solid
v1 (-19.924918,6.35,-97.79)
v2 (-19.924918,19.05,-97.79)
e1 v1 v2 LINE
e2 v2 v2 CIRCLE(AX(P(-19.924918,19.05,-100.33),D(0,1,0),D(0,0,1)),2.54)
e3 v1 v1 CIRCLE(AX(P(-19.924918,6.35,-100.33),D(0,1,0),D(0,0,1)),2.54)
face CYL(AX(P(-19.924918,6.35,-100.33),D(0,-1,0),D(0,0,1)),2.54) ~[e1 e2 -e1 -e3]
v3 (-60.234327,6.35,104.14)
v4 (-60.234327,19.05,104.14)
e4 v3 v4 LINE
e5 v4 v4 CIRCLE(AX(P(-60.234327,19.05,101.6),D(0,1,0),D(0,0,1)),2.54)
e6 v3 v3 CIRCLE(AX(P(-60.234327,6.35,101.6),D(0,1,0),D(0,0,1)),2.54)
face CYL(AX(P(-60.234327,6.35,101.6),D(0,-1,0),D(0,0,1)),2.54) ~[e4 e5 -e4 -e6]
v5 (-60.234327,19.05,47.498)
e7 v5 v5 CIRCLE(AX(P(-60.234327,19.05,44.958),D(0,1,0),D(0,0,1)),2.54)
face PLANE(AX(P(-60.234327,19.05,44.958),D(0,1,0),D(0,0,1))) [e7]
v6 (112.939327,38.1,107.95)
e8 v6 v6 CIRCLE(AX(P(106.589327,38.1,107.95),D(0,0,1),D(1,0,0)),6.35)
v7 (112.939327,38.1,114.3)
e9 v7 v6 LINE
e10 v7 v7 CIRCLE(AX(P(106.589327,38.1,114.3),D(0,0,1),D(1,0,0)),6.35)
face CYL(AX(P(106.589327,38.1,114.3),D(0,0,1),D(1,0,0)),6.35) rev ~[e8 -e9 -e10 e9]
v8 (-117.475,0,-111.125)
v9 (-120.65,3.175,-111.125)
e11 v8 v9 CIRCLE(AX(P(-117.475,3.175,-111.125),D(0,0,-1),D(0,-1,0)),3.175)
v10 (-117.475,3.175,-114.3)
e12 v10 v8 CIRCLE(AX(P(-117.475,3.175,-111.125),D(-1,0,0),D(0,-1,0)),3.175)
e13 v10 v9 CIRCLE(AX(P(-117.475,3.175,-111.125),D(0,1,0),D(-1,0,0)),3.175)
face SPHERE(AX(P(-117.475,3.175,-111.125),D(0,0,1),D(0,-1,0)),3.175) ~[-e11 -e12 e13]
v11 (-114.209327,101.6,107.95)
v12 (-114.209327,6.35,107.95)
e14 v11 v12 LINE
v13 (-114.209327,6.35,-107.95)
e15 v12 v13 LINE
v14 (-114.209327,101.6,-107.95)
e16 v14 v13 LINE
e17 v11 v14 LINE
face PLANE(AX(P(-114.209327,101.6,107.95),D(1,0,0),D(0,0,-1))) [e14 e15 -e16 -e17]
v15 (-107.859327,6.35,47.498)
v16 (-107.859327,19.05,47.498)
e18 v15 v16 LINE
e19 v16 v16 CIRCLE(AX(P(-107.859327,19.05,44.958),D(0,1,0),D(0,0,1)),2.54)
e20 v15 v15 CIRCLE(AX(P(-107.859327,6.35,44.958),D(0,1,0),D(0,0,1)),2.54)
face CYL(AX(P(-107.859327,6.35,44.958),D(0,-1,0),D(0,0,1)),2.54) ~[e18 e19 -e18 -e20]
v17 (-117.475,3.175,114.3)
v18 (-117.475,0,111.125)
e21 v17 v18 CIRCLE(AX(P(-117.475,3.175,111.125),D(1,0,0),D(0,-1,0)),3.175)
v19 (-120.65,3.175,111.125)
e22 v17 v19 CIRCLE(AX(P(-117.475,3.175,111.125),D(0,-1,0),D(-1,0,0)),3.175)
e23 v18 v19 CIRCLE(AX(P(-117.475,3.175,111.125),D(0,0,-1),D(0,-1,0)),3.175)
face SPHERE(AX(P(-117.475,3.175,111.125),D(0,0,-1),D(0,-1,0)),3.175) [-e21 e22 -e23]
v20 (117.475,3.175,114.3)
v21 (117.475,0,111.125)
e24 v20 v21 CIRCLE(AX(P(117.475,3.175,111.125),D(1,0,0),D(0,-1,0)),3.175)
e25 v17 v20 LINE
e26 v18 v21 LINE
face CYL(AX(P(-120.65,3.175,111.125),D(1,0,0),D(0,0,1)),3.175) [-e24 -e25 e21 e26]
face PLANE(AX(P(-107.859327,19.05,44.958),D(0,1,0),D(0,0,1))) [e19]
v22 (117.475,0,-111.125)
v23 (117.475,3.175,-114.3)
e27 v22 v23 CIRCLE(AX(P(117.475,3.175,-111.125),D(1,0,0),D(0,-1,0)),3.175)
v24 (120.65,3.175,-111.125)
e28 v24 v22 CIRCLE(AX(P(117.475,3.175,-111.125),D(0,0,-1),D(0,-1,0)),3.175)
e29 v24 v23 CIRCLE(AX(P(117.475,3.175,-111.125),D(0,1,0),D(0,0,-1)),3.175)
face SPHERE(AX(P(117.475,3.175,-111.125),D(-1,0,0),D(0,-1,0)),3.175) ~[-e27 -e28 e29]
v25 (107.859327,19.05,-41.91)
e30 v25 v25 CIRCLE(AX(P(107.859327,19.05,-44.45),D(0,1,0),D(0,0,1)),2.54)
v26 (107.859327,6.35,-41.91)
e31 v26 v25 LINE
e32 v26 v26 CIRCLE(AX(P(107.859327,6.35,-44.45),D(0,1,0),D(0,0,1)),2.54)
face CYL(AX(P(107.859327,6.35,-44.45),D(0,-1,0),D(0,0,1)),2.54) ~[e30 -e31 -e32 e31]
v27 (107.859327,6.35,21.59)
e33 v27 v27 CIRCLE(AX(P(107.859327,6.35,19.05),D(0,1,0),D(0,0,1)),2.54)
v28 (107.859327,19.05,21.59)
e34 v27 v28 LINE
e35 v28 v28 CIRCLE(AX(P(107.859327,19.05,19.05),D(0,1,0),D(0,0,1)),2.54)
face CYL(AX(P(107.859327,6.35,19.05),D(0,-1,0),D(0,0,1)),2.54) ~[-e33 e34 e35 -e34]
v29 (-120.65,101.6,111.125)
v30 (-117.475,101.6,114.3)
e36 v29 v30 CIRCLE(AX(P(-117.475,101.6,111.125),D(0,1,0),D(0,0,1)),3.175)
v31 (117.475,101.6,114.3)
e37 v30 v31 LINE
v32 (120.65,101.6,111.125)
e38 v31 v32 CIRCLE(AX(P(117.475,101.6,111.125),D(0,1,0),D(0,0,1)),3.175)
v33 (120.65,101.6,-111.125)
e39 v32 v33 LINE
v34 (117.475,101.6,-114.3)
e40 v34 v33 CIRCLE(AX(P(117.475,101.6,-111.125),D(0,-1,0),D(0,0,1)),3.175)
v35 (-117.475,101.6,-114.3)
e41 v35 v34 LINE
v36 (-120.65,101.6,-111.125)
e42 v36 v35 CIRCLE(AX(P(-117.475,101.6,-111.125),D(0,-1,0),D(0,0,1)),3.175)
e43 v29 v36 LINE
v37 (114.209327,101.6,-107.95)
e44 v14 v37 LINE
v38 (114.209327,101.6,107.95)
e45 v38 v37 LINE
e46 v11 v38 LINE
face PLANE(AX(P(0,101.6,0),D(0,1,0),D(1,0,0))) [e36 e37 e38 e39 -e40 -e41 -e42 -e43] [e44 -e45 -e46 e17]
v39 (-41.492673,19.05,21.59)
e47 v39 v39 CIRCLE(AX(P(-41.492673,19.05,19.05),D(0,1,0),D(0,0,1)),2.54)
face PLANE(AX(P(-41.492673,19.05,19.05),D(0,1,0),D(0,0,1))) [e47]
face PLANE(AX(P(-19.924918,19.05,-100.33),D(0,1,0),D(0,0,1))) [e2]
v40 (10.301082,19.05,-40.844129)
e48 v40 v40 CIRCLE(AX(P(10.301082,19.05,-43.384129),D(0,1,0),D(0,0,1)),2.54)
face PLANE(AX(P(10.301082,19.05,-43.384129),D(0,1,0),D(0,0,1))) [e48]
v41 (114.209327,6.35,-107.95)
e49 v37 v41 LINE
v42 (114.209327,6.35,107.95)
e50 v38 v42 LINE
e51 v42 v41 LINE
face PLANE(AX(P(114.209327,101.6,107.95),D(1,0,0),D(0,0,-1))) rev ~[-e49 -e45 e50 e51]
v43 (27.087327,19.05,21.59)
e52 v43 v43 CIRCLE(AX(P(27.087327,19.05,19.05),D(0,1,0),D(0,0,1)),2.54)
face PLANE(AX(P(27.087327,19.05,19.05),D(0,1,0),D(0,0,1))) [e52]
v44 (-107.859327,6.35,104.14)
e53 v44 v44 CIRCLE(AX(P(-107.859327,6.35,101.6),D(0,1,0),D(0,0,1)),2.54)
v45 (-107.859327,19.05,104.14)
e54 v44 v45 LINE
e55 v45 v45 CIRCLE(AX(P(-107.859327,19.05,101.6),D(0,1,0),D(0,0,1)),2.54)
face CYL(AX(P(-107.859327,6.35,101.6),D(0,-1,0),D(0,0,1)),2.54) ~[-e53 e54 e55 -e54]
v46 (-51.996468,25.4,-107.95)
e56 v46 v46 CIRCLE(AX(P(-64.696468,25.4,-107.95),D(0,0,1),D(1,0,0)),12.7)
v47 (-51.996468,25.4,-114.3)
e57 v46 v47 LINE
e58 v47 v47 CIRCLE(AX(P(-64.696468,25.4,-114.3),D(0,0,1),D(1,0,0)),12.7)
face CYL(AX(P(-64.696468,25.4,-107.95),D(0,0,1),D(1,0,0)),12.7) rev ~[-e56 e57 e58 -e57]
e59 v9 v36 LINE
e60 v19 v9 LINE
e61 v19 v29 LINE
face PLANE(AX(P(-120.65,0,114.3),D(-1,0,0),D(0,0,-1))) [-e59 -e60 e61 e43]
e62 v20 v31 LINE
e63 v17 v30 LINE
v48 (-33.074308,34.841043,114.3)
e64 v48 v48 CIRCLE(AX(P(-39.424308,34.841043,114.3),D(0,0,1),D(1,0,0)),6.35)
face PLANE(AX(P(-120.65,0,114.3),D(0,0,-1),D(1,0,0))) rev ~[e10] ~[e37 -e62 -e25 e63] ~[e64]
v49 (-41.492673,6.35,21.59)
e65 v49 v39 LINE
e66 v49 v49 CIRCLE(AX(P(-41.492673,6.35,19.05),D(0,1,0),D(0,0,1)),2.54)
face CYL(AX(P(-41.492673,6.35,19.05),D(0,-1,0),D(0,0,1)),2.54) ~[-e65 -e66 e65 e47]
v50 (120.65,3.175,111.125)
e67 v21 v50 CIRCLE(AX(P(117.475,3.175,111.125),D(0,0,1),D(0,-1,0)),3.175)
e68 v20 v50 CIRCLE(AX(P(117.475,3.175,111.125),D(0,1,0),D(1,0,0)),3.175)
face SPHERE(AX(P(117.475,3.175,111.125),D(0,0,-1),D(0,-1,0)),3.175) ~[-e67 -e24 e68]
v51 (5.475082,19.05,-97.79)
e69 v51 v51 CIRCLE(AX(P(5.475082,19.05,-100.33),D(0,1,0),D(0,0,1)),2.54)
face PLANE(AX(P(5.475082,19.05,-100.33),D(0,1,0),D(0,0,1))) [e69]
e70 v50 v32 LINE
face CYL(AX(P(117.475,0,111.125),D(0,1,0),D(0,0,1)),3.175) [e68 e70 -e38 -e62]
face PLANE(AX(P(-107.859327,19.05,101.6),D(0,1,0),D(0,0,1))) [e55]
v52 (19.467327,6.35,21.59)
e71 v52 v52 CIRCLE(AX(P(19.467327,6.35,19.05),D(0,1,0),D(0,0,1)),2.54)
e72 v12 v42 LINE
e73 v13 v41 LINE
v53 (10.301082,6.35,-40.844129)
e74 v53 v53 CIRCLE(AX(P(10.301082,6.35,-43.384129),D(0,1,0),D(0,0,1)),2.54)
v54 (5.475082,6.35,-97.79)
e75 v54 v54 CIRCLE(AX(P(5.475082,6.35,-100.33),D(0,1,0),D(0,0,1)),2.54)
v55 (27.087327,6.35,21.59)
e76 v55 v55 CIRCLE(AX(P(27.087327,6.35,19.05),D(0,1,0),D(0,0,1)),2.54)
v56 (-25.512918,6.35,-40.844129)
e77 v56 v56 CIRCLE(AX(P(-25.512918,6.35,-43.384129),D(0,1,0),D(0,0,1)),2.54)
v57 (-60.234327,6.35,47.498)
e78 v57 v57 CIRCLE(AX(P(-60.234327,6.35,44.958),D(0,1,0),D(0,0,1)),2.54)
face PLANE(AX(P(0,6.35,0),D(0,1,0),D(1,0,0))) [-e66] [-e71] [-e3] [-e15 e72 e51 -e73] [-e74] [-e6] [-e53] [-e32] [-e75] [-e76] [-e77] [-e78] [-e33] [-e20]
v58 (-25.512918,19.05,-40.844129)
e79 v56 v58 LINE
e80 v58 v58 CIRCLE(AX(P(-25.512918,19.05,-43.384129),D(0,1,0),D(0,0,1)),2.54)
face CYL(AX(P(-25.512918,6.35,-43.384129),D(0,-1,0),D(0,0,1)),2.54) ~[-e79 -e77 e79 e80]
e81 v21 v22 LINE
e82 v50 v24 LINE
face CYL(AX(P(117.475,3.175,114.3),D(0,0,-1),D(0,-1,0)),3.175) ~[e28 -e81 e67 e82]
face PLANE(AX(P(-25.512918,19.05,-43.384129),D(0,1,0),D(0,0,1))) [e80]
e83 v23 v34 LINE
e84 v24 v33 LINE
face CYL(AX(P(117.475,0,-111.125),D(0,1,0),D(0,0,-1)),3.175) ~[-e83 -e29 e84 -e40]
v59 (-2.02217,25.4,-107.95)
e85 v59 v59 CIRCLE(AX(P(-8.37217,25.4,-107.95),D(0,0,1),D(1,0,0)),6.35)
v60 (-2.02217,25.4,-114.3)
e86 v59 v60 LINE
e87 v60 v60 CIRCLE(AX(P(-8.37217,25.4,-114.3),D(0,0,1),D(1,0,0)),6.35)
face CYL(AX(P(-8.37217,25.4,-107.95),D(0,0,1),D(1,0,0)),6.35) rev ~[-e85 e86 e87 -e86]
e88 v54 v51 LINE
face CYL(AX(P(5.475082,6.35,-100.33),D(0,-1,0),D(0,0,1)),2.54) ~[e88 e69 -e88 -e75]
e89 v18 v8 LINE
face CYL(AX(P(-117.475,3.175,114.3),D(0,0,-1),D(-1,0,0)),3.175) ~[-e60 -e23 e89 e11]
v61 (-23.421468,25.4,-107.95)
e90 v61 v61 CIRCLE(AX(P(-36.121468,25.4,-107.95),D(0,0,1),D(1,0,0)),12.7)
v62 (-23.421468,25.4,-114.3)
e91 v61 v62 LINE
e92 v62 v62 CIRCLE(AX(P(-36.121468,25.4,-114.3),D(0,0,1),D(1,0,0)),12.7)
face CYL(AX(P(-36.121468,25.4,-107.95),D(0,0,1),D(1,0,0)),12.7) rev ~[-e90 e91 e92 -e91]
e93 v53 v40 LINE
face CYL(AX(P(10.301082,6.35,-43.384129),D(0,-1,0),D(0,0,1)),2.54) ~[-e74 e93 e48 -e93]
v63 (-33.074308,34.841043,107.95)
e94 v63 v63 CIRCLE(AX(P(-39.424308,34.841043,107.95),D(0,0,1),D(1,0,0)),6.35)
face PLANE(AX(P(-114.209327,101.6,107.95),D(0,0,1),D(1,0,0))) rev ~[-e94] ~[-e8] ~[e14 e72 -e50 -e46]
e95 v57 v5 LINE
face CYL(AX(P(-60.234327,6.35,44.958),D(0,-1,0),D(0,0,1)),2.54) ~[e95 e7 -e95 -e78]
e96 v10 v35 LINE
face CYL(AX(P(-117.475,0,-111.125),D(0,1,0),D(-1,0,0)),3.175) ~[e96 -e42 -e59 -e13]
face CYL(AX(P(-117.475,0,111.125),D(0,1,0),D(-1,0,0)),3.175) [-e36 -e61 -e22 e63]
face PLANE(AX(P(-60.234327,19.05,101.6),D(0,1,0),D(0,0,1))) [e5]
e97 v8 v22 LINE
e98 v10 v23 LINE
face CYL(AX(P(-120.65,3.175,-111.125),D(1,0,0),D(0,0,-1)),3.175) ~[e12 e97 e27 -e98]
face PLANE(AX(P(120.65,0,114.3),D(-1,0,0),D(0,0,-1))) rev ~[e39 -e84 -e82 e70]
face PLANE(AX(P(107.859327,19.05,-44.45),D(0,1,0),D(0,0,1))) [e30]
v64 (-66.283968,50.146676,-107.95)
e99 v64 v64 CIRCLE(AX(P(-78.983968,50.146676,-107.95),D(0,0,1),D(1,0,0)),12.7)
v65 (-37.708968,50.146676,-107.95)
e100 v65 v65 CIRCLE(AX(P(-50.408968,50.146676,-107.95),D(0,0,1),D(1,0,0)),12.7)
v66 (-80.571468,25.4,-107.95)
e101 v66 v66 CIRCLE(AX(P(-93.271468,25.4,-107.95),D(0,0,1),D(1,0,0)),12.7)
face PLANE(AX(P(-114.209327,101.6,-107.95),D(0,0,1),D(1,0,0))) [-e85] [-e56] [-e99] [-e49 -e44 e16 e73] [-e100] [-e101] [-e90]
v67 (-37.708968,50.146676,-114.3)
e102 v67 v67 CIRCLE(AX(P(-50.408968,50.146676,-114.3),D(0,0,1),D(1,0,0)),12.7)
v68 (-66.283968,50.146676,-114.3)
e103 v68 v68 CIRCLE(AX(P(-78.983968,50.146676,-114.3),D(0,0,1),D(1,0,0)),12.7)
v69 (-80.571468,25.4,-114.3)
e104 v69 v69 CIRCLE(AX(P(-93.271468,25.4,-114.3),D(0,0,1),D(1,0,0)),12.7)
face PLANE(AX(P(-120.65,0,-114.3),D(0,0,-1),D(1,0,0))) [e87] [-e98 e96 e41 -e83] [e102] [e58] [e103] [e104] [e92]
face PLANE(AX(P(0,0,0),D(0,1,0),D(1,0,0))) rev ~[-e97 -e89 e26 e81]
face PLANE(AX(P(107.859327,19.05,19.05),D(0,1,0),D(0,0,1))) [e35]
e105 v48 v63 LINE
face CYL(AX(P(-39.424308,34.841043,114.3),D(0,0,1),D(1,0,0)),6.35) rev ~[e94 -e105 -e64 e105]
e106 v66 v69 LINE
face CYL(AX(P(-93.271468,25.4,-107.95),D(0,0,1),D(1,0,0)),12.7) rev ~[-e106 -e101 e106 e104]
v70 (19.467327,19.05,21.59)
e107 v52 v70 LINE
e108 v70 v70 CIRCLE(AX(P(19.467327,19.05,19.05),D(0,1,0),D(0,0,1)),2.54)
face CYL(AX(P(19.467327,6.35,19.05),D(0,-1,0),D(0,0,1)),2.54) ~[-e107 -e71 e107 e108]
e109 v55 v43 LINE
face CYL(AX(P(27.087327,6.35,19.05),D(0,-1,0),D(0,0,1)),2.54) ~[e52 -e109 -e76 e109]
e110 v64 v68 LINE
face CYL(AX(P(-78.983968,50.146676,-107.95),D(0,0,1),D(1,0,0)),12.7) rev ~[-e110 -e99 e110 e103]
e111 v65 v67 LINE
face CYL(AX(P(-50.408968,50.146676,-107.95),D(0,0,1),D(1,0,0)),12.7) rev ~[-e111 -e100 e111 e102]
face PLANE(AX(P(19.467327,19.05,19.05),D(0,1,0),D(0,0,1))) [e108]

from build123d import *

# Parameters (mm, degrees)
SKETCH3_W            = 241.3
SKETCH3_H            = 228.6
BOSS_EXTRUDE2_DEPTH  = 101.6
SKETCH5_W            = 228.418653982
SKETCH5_H            = 215.9
CUT_EXTRUDE1_DEPTH   = 95.25
FILLET1_R            = 3.175
SKETCH18_R           = 6.35
SKETCH18_R_2         = 12.7
CUT_EXTRUDE5_DEPTH   = 8.89
SKETCH9_R            = 2.54
BOSS_EXTRUDE12_DEPTH = 12.7
SKETCH27_R           = 6.35
CUT_EXTRUDE6_DEPTH   = 8.89


with BuildPart() as part:
    # Sketch3 → Boss-Extrude2 (new body)
    with BuildSketch(Plane(origin=(0, 0, 0), x_dir=(1, 0, 0), z_dir=(0, 1, 0))):
        Rectangle(SKETCH3_W, SKETCH3_H)
    extrude(amount=BOSS_EXTRUDE2_DEPTH)

    # Sketch5 → Cut-Extrude1 (cut)
    with BuildSketch(Plane(origin=(0, 101.6, 0), x_dir=(1, 0, 0), z_dir=(0, 1, 0))):
        Rectangle(SKETCH5_W, SKETCH5_H)
    extrude(amount=-CUT_EXTRUDE1_DEPTH, mode=Mode.SUBTRACT)

    # Fillet1
    fillet1_edges = [part.edges().sort_by_distance(p)[0] for p in [
        (-120.65, 0, 0),
        (0, 0, -114.3),
        (120.65, 0, 0),
        (0, 0, 114.3),
        (-120.65, 50.8, 114.3),
        (-120.65, 50.8, -114.3),
        (120.65, 50.8, -114.3),
        (120.65, 50.8, 114.3),
    ]]
    fillet(fillet1_edges, radius=FILLET1_R)

    # Sketch18 → Cut-Extrude5 (cut)
    with BuildSketch(Plane.XY.offset(-107.95)):
        with Locations((-8.372170426, 25.4)):
            Circle(SKETCH18_R)
        with Locations((-36.121468176, 25.4)):
            Circle(SKETCH18_R_2)
        with Locations((-64.696468176, 25.4)):
            Circle(SKETCH18_R_2)
        with Locations((-93.271468176, 25.4)):
            Circle(SKETCH18_R_2)
        with Locations((-78.983968176, 50.146675913)):
            Circle(SKETCH18_R_2)
        with Locations((-50.408968176, 50.146675913)):
            Circle(SKETCH18_R_2)
    extrude(amount=-CUT_EXTRUDE5_DEPTH, mode=Mode.SUBTRACT)

    # Sketch9 → Boss-Extrude12 (add)
    with BuildSketch(Plane(origin=(0, 6.35, 0), x_dir=(1, 0, 0), z_dir=(0, 1, 0))):
        with Locations(Location((19.467326991, -19.05, 0), (0, 0, 270))):
            Circle(SKETCH9_R)
        with Locations(Location((27.087326991, -19.05, 0), (0, 0, 270))):
            Circle(SKETCH9_R)
        with Locations(Location((-41.492673009, -19.05, 0), (0, 0, 270))):
            Circle(SKETCH9_R)
        with Locations(Location((107.859326991, -19.05, 0), (0, 0, 270))):
            Circle(SKETCH9_R)
        with Locations(Location((107.859326991, 44.45, 0), (0, 0, 270))):
            Circle(SKETCH9_R)
        with Locations(Location((-107.859326991, -101.6, 0), (0, 0, 270))):
            Circle(SKETCH9_R)
        with Locations(Location((-60.234326991, -44.958, 0), (0, 0, 270))):
            Circle(SKETCH9_R)
        with Locations(Location((-107.859326991, -44.958, 0), (0, 0, 270))):
            Circle(SKETCH9_R)
        with Locations(Location((-60.234326991, -101.6, 0), (0, 0, 270))):
            Circle(SKETCH9_R)
        with Locations(Location((-25.512918077, 43.384129, 0), (0, 0, 270))):
            Circle(SKETCH9_R)
        with Locations(Location((-19.924918077, 100.33, 0), (0, 0, 270))):
            Circle(SKETCH9_R)
        with Locations(Location((10.301081923, 43.384129, 0), (0, 0, 270))):
            Circle(SKETCH9_R)
        with Locations(Location((5.475081923, 100.33, 0), (0, 0, 270))):
            Circle(SKETCH9_R)
    extrude(amount=BOSS_EXTRUDE12_DEPTH)

    # Sketch27 → Cut-Extrude6 (cut)
    with BuildSketch(Plane.XY.offset(114.3)):
        with Locations((-39.424308328, 34.84104297)):
            Circle(SKETCH27_R)
        with Locations((106.589326991, 38.1)):
            Circle(SKETCH27_R)
    extrude(amount=-CUT_EXTRUDE6_DEPTH, mode=Mode.SUBTRACT)


solid = part.part
